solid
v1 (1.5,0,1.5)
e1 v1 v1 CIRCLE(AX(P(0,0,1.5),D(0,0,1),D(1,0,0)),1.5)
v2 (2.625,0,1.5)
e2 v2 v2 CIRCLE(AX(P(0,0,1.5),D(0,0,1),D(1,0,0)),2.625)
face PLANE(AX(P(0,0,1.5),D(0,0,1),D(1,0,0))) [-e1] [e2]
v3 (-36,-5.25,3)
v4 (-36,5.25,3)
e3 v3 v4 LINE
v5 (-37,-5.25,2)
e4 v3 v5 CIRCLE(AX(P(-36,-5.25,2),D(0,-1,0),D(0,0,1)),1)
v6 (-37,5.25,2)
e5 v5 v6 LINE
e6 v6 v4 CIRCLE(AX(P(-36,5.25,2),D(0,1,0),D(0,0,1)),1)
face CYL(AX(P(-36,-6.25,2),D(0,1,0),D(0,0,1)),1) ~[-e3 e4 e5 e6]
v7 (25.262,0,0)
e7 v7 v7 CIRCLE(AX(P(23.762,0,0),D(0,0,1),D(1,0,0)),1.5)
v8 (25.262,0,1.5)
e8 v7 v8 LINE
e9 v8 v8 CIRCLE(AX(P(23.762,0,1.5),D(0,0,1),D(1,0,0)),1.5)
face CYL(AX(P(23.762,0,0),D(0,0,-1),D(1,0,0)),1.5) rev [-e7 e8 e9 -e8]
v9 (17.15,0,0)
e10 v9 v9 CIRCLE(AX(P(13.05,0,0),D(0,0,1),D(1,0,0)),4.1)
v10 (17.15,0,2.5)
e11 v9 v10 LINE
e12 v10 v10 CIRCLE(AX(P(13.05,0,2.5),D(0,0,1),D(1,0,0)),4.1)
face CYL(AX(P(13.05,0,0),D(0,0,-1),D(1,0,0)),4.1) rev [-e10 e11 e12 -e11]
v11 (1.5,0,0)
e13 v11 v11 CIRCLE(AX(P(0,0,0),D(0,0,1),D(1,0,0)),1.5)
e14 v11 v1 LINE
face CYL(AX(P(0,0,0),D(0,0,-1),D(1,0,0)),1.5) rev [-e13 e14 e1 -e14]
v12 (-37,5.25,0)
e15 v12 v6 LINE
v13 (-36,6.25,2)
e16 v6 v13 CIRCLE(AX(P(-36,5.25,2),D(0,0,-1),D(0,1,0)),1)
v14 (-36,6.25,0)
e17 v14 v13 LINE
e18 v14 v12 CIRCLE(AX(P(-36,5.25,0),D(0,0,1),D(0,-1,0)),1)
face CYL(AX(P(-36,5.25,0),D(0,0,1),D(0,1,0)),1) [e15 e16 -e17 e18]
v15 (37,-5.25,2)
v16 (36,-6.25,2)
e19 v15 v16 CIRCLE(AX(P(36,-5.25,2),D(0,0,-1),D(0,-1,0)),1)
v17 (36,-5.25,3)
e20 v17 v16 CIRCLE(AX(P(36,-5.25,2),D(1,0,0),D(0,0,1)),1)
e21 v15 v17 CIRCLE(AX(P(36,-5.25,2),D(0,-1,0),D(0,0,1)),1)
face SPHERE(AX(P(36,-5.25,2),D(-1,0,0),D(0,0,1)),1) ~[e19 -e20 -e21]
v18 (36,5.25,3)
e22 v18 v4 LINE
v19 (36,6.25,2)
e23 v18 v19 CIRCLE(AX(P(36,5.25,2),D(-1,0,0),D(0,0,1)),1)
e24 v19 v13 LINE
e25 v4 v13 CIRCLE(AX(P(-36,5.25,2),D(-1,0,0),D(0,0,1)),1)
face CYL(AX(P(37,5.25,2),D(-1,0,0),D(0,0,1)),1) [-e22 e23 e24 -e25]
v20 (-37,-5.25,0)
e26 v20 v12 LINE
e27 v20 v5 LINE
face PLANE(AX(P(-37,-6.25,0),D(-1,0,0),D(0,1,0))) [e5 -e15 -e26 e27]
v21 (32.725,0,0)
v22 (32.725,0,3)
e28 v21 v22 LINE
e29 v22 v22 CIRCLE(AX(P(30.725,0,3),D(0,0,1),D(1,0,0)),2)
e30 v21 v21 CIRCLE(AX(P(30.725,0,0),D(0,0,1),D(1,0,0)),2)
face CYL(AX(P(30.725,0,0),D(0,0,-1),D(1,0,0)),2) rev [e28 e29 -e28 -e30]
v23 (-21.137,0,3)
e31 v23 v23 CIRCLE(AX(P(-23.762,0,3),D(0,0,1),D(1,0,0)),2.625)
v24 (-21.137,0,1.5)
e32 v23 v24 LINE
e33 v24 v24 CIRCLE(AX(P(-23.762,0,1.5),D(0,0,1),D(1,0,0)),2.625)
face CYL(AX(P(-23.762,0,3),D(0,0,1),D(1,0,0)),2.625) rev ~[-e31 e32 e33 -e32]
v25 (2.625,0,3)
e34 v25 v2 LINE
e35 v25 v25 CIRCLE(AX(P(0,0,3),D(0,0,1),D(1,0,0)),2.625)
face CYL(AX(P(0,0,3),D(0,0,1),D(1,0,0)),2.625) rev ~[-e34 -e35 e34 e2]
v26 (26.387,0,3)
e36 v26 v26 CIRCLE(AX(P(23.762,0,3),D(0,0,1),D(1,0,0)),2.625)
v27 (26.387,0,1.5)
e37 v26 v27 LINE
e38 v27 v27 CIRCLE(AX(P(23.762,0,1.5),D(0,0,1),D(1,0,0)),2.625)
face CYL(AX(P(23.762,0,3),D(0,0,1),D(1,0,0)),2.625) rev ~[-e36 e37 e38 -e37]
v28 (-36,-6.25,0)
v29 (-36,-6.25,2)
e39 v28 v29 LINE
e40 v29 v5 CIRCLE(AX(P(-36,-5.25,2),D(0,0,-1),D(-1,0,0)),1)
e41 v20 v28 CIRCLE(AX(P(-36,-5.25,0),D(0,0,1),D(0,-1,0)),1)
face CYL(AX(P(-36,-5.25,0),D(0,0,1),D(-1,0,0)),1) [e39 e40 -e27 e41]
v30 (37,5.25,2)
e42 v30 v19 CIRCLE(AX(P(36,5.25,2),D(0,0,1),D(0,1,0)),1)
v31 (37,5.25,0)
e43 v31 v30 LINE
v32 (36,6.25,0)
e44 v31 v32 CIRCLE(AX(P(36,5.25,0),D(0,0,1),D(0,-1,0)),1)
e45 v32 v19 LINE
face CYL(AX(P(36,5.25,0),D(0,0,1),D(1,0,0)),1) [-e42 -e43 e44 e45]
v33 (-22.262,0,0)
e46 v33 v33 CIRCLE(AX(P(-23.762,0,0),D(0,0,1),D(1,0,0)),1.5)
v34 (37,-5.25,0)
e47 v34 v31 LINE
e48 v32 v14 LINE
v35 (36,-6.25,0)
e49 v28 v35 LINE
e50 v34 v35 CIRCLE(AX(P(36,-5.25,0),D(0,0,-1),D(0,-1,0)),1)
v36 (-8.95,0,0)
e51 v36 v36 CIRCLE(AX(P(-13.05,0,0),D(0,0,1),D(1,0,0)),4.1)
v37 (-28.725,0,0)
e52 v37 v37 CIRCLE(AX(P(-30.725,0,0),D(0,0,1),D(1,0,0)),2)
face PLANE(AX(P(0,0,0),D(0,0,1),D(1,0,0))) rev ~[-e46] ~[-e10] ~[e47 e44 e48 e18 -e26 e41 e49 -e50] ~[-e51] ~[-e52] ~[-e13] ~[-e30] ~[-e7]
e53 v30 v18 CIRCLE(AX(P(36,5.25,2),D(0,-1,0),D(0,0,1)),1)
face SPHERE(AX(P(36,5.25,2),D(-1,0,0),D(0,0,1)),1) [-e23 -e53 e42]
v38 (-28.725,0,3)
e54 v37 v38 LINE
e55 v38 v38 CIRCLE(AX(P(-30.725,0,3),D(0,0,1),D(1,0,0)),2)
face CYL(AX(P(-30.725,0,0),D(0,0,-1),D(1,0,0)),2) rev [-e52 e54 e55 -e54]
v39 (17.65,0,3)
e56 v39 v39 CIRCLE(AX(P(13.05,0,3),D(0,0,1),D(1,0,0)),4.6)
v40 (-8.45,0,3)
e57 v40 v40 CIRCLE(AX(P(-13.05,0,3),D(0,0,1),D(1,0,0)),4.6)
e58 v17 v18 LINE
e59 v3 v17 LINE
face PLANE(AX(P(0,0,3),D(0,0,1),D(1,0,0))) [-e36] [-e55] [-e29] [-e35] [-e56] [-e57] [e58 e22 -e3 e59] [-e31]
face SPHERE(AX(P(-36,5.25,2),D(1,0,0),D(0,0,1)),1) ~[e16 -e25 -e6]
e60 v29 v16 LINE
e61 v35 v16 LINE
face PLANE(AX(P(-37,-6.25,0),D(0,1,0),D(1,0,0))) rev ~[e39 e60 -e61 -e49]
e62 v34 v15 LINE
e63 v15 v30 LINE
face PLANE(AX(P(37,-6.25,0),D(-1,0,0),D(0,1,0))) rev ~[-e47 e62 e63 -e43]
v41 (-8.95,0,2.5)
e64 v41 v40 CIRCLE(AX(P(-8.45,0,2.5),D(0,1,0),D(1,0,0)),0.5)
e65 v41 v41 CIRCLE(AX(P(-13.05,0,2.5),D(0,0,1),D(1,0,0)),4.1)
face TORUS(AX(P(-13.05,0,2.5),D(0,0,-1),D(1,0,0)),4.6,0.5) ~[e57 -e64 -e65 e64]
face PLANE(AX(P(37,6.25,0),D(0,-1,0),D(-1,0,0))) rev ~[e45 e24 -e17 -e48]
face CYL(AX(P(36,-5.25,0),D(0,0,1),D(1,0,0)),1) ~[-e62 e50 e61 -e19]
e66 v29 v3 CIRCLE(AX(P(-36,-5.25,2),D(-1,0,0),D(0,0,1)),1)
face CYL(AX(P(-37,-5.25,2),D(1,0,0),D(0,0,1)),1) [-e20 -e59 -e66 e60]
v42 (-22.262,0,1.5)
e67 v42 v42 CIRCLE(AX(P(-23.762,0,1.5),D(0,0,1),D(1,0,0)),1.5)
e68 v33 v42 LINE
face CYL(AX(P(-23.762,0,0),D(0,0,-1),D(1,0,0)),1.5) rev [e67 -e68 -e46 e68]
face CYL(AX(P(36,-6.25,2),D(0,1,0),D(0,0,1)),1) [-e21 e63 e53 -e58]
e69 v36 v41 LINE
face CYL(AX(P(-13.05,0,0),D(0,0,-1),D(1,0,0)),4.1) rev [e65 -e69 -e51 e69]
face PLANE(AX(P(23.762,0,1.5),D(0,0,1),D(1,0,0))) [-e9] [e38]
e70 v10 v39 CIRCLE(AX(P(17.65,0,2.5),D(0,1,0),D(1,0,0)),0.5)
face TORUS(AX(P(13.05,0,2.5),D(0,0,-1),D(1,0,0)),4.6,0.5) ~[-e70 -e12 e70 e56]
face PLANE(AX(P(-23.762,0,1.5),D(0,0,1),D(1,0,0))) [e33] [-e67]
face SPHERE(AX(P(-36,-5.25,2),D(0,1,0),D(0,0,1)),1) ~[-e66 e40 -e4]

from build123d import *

# Parameters (mm, degrees)
F0_W     = 70
F0_H     = 12.5
F0_R     = 2
F0_R_2   = 1.5
F0_R_3   = 4.1
F0_W_2   = 2
F1_DEPTH = 3
F2_R     = 0.5
F3_R     = 2.625
F3_R_2   = 1.5
F4_DEPTH = 1.5
F5_R     = 1


with BuildPart() as f1:
    # F0 (on Top) → F1 (new body)
    with BuildSketch(Plane.XY):
        Rectangle(F0_W, F0_H)
        with Locations((-30.725, 0)):
            Circle(F0_R, mode=Mode.SUBTRACT)
        with Locations((-23.762, 0)):
            Circle(F0_R_2, mode=Mode.SUBTRACT)
        with Locations((-13.05, 0)):
            Circle(F0_R_3, mode=Mode.SUBTRACT)
        Circle(F0_R_2, mode=Mode.SUBTRACT)
        with Locations((13.05, 0)):
            Circle(F0_R_3, mode=Mode.SUBTRACT)
        with Locations((23.762, 0)):
            Circle(F0_R_2, mode=Mode.SUBTRACT)
        with Locations((30.725, 0)):
            Circle(F0_R, mode=Mode.SUBTRACT)
        with Locations((36, 0)):
            Rectangle(F0_W_2, F0_H)
        with Locations((-36, 0)):
            Rectangle(F0_W_2, F0_H)
    extrude(amount=F1_DEPTH)

    # F2
    f2_edges = [f1.edges().sort_by_distance(p)[0] for p in [
        (-17.15, 0, 3),
        (8.95, 0, 3),
    ]]
    fillet(f2_edges, radius=F2_R)

    # F3 (on face) → F4 (cut)
    with BuildSketch(Plane.XY.offset(3)):
        with Locations((-23.762, 0)):
            Circle(F3_R)
        with Locations((-23.762, 0)):
            Circle(F3_R_2, mode=Mode.SUBTRACT)
        Circle(F3_R)
        Circle(F3_R_2, mode=Mode.SUBTRACT)
        with Locations((23.762, 0)):
            Circle(F3_R)
        with Locations((23.762, 0)):
            Circle(F3_R_2, mode=Mode.SUBTRACT)
    extrude(amount=-F4_DEPTH, mode=Mode.SUBTRACT)

    # F5
    f5_edges = [f1.edges().sort_by_distance(p)[0] for p in [
        (0, 6.25, 3),
        (-37, 0, 3),
        (0, -6.25, 3),
        (37, 0, 3),
        (-37, 6.25, 1.5),
        (-37, -6.25, 1.5),
        (37, 6.25, 1.5),
        (37, -6.25, 1.5),
    ]]
    fillet(f5_edges, radius=F5_R)


solid = f1.part
